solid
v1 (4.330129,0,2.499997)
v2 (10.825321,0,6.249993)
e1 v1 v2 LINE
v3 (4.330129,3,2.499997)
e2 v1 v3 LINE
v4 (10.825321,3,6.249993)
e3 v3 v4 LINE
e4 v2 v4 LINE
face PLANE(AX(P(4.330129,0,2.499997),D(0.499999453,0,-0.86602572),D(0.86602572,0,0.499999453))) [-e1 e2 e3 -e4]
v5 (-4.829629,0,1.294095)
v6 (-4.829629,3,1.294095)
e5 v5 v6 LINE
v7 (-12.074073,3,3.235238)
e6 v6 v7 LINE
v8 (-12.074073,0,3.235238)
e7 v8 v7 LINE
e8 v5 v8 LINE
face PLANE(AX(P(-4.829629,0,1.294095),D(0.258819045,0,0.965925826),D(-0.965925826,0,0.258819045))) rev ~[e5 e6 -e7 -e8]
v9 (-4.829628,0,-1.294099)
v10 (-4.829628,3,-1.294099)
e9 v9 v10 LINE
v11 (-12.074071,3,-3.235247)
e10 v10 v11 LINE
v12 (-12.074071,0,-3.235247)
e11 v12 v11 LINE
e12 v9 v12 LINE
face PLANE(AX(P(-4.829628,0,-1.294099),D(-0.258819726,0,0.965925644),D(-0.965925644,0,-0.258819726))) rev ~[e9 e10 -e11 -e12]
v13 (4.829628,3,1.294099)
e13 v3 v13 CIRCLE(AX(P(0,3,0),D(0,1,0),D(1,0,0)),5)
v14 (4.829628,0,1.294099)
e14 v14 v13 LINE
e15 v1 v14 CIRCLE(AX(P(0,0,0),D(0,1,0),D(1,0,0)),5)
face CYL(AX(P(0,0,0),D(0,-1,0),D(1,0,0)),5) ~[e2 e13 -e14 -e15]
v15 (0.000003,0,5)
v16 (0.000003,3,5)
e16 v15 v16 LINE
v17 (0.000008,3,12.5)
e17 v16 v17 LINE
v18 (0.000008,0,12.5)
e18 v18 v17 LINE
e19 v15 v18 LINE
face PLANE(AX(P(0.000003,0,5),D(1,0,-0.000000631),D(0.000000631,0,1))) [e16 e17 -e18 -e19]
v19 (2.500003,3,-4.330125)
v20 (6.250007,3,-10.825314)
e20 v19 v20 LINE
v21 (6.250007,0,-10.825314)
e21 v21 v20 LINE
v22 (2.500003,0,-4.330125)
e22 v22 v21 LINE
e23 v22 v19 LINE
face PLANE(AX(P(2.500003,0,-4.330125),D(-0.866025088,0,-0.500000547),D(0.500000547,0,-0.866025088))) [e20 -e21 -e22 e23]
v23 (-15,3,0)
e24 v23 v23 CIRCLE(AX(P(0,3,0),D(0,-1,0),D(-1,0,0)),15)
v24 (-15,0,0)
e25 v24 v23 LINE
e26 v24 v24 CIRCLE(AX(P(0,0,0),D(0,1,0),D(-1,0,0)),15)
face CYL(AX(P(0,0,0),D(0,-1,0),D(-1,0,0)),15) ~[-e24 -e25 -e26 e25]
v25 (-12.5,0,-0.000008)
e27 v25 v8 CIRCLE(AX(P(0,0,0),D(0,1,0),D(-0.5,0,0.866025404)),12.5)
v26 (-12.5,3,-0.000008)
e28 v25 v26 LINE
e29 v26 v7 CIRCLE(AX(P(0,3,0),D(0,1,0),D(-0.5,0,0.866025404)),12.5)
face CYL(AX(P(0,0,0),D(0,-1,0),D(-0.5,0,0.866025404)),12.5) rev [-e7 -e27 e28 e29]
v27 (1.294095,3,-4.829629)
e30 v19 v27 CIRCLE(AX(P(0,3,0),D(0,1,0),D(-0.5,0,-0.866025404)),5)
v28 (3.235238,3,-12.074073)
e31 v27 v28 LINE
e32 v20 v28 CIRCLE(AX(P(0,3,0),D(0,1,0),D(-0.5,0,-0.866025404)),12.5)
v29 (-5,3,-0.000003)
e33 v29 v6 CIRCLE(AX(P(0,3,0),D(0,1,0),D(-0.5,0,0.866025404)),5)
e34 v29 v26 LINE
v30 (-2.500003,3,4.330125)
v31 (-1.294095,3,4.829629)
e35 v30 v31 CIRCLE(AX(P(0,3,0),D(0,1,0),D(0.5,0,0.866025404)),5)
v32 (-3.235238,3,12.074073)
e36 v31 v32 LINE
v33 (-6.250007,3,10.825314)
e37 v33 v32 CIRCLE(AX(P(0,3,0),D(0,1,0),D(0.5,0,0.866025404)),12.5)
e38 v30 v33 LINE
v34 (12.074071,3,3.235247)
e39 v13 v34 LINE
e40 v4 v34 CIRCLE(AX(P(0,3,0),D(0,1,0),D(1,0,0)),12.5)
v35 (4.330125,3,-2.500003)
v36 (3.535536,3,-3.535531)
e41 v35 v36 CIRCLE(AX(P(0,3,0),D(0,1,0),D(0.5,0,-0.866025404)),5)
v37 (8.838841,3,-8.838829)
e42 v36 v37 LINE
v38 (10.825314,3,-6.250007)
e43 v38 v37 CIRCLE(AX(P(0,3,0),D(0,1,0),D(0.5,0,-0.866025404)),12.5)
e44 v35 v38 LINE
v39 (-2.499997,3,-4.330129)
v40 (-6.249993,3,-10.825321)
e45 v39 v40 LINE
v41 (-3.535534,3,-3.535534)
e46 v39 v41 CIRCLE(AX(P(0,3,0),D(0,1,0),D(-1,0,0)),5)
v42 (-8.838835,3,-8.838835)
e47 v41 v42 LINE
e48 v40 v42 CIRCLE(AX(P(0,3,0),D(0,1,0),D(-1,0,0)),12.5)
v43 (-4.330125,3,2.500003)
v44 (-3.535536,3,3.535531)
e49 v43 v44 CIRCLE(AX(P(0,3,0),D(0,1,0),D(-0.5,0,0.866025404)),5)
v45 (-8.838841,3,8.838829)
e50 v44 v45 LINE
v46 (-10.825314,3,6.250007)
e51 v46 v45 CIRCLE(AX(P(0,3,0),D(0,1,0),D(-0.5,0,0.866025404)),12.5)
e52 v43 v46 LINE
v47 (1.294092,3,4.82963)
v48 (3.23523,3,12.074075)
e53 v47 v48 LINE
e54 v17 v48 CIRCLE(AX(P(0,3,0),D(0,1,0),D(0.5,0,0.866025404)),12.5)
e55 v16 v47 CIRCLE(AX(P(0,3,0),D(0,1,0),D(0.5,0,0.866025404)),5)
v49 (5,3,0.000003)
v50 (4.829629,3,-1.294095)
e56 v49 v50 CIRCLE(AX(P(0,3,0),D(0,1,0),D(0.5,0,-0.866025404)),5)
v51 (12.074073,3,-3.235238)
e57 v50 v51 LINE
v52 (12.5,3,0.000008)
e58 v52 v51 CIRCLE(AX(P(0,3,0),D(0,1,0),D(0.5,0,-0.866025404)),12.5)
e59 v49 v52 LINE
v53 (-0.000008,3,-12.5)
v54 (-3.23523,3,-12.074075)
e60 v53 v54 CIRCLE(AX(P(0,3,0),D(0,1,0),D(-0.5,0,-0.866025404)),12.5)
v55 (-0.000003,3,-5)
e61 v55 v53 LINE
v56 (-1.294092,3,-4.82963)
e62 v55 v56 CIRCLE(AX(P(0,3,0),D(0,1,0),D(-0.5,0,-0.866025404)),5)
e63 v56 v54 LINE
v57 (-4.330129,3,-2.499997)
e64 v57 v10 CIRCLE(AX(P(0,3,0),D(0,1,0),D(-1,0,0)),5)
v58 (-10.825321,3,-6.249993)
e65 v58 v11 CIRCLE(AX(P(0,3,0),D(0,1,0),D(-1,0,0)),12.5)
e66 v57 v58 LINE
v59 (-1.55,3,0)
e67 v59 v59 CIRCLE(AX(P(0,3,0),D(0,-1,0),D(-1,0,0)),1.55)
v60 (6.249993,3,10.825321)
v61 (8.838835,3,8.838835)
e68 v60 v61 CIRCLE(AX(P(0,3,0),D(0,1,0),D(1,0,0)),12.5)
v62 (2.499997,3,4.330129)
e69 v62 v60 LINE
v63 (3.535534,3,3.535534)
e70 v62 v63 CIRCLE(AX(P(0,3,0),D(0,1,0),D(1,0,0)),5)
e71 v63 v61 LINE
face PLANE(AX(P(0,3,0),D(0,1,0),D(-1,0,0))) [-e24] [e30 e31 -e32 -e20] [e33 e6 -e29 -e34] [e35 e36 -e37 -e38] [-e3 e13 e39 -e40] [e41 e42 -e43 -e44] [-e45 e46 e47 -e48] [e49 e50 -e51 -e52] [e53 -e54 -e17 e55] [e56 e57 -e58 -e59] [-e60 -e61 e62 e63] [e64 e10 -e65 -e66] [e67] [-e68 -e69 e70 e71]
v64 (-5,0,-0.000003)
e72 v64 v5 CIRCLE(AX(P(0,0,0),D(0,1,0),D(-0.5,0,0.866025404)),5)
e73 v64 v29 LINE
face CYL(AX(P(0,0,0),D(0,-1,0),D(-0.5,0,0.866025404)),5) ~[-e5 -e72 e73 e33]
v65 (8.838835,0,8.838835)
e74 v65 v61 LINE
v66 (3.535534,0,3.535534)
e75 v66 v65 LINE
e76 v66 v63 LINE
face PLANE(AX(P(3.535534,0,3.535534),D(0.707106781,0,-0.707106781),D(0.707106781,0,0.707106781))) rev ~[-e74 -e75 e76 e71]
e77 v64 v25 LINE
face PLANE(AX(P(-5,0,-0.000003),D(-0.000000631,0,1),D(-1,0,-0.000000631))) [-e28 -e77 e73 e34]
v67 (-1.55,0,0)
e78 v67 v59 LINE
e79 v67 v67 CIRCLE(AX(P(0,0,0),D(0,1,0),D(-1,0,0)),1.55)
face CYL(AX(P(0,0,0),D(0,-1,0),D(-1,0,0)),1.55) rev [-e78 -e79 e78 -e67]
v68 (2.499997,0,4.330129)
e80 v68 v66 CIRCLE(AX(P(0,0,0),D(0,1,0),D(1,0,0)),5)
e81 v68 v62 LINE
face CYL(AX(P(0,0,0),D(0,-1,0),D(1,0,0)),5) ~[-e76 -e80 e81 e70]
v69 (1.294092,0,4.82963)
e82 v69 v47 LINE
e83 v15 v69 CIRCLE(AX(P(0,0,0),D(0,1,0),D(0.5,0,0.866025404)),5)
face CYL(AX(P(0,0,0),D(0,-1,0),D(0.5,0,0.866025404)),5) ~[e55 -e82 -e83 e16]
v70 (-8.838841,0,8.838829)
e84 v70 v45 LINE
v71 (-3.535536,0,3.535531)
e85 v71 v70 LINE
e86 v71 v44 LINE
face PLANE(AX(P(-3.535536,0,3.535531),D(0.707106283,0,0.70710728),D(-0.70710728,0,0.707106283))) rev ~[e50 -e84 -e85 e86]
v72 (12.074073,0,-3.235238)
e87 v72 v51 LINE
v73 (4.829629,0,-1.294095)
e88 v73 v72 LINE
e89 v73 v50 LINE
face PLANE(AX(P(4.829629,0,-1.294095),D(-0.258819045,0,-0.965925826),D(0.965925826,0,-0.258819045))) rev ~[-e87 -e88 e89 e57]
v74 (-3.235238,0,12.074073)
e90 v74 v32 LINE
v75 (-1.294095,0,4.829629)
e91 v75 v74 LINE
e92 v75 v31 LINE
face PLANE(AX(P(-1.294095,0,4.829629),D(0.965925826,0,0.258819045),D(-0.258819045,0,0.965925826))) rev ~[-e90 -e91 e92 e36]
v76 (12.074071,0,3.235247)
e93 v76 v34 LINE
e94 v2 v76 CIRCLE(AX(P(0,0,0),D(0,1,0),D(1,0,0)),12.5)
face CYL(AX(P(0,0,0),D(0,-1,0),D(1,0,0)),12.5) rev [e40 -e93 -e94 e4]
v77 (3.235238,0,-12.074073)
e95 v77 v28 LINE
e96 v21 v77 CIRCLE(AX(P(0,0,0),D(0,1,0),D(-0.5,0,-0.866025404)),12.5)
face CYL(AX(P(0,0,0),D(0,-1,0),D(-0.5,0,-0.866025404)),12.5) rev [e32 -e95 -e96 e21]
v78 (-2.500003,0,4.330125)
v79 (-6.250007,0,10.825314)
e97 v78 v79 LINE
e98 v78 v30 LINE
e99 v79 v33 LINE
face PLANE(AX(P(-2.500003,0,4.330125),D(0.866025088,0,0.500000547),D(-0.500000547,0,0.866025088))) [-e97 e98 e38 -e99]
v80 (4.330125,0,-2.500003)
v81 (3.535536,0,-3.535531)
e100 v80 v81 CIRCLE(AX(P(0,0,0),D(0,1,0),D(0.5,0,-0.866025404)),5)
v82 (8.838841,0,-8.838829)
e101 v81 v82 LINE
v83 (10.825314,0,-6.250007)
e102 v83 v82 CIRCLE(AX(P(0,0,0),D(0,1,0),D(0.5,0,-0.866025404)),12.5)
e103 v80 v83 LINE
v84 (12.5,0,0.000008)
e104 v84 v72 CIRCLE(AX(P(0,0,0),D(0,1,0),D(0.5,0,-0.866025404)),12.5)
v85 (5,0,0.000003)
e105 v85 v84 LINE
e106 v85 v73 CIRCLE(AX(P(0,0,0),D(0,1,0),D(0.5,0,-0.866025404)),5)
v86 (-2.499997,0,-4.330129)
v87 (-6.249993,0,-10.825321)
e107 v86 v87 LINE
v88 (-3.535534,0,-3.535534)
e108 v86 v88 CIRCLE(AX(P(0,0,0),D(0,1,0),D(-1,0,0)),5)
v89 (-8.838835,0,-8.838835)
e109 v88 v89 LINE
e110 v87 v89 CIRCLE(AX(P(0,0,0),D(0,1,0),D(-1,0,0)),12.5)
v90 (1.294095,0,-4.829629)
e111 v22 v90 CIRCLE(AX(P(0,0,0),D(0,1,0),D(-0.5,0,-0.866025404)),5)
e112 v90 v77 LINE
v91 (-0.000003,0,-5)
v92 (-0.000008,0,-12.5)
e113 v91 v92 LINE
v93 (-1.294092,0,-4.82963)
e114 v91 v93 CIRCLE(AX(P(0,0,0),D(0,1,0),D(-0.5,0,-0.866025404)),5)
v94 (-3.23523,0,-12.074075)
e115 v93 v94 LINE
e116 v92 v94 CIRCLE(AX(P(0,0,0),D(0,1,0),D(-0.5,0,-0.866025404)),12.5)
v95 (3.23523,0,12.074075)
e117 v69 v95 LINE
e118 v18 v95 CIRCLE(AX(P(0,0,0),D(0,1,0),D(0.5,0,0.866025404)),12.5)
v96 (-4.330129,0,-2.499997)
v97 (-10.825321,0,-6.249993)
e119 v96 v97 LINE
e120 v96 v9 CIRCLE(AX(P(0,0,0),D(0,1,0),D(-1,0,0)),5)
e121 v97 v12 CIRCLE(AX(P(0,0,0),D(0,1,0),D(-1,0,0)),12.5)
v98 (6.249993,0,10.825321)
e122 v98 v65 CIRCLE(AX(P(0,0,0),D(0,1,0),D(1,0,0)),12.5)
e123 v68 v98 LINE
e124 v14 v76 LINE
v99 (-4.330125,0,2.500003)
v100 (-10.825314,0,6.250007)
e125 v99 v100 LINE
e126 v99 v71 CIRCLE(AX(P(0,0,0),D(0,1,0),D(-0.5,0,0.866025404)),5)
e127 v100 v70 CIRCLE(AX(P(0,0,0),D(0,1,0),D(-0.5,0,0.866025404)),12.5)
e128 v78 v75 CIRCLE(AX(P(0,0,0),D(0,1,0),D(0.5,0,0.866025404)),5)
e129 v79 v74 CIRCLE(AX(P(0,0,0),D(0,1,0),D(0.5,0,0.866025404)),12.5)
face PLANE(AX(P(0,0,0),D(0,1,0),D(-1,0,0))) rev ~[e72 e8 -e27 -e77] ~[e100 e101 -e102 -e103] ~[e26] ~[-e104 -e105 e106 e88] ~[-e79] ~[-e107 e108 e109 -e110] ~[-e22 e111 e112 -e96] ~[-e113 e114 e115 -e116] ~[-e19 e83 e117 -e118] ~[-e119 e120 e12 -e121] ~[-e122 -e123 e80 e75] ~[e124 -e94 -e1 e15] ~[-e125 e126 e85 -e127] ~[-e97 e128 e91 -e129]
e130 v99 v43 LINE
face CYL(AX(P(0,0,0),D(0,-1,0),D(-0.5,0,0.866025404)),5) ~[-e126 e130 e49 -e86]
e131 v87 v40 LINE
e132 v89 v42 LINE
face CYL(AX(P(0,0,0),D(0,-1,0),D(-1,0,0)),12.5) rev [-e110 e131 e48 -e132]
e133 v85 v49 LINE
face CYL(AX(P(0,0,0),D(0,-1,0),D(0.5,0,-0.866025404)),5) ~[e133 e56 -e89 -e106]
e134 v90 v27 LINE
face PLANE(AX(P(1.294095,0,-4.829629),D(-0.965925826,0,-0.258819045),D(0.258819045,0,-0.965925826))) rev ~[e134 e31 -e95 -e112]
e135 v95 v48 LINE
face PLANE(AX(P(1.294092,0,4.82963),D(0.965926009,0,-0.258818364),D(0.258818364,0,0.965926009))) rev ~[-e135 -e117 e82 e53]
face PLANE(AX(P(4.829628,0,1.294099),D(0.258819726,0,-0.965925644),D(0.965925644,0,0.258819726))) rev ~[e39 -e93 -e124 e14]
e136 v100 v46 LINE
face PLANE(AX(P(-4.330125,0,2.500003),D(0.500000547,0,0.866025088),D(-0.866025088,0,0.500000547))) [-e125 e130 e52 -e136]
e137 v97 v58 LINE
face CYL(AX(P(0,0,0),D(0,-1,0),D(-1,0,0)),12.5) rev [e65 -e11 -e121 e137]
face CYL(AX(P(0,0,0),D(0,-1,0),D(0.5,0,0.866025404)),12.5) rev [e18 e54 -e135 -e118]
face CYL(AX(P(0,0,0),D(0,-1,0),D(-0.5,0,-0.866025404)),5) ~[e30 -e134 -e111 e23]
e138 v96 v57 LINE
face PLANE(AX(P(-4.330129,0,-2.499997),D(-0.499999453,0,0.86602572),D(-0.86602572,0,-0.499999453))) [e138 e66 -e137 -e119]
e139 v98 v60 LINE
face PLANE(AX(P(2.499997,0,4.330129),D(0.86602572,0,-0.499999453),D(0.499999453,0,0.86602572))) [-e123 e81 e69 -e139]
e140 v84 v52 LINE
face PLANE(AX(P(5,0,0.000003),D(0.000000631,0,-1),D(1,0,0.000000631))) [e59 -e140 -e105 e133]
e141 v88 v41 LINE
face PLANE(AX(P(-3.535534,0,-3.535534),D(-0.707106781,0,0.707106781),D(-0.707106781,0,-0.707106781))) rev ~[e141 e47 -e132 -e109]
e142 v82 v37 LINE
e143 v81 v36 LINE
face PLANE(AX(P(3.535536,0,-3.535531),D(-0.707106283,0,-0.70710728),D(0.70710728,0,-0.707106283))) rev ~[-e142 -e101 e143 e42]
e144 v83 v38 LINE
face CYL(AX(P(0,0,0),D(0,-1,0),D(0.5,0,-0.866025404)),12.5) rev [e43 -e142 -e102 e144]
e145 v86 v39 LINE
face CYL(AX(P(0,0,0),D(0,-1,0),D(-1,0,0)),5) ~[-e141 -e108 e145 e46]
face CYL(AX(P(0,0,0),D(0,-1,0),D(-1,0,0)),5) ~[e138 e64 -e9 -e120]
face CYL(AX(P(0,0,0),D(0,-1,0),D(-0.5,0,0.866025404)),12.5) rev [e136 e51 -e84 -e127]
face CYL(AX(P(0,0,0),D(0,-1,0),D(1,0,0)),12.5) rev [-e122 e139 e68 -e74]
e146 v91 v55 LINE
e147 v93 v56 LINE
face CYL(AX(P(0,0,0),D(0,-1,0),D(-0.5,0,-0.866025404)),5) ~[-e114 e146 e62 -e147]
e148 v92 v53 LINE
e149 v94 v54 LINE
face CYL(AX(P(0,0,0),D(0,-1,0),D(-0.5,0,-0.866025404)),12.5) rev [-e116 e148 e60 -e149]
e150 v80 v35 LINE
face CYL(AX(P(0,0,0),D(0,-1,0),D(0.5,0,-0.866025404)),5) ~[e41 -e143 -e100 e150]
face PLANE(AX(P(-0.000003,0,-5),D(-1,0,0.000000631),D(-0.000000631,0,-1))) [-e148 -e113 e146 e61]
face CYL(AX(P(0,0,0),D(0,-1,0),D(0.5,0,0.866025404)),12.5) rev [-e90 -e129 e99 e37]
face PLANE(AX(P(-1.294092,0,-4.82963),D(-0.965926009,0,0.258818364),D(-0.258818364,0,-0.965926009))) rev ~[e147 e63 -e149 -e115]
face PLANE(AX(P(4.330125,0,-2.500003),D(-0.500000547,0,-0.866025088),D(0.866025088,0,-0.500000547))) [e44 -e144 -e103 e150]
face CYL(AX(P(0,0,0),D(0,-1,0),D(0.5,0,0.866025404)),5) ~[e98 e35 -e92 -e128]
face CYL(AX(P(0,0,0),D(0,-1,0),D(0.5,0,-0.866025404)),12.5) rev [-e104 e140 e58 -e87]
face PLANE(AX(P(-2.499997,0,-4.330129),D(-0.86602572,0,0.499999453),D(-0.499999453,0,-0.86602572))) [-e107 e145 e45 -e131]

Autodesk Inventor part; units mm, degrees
ref_plane "YZ Plane" through (0, 0, 0) normal (1, 0, 0) x (0, 1, 0)
ref_plane "XZ Plane" through (0, 0, 0) normal (0, 1, 0) x (-1, 0, 0)
ref_plane "XY Plane" through (0, 0, 0) normal (0, 0, 1) x (1, 0, 0)
sketch "草圖1" plane through (0, 0, 0) normal (0, 1, 0) x (-1, 0, 0)
  circle A0 centre (0, 0) radius 15
  line L0 (0, 0) -> (15, 0)
  line L1 (0, 0) -> (7.5, -12.9904)
  line L2 (0, 0) -> (12.9904, -7.5)
  circle A1 centre (0, 0) radius 12.5
  circle A2 centre (0, 0) radius 5
  circle A3 centre (0, 0) radius 1.55
  line L3 (0, 0) -> (10.6066, -10.6066)
  line L4 (0, 0) -> (14.4889, -3.8823)
  point P0 (6.25, -10.8253)
  point P1 (2.5, -4.3301)
  point P2 (4.3301, -2.5)
  point P3 (10.8253, -6.25)
  point P4 (12.0741, -3.2352)
  point P5 (4.8296, -1.2941)
  point P6 (8.8388, -8.8388)
  point P7 (3.5355, -3.5355)
  dimension "d0" = 30
  dimension "d1" = 60
  dimension "d2" = 30
  dimension "d3" = 25
  dimension "d4" = 10
  dimension "d12" = 3.1
  dimension "d15" = 15
  dimension "d16" = 15
extrude "擠出1" add sketch "草圖1" along normal blind 3
extrude "擠出2" cut sketch "草圖1" along normal blind 3 contours L1 A2 L3 A1 | A1 L2 A2 L4
pattern_circular "環形陣列1" count 6 over 360 about axis through (0, -10, 0) along (0, 1, 0) of "擠出2"
extrude "擠出3" cut sketch "草圖1" along normal blind 3 contours A3 L4 L0 | L0 L1 A3 | L1 L3 A3 | A3 L2 L4 | L2 A3 L3
properties part number "wheel_12_hollow"
